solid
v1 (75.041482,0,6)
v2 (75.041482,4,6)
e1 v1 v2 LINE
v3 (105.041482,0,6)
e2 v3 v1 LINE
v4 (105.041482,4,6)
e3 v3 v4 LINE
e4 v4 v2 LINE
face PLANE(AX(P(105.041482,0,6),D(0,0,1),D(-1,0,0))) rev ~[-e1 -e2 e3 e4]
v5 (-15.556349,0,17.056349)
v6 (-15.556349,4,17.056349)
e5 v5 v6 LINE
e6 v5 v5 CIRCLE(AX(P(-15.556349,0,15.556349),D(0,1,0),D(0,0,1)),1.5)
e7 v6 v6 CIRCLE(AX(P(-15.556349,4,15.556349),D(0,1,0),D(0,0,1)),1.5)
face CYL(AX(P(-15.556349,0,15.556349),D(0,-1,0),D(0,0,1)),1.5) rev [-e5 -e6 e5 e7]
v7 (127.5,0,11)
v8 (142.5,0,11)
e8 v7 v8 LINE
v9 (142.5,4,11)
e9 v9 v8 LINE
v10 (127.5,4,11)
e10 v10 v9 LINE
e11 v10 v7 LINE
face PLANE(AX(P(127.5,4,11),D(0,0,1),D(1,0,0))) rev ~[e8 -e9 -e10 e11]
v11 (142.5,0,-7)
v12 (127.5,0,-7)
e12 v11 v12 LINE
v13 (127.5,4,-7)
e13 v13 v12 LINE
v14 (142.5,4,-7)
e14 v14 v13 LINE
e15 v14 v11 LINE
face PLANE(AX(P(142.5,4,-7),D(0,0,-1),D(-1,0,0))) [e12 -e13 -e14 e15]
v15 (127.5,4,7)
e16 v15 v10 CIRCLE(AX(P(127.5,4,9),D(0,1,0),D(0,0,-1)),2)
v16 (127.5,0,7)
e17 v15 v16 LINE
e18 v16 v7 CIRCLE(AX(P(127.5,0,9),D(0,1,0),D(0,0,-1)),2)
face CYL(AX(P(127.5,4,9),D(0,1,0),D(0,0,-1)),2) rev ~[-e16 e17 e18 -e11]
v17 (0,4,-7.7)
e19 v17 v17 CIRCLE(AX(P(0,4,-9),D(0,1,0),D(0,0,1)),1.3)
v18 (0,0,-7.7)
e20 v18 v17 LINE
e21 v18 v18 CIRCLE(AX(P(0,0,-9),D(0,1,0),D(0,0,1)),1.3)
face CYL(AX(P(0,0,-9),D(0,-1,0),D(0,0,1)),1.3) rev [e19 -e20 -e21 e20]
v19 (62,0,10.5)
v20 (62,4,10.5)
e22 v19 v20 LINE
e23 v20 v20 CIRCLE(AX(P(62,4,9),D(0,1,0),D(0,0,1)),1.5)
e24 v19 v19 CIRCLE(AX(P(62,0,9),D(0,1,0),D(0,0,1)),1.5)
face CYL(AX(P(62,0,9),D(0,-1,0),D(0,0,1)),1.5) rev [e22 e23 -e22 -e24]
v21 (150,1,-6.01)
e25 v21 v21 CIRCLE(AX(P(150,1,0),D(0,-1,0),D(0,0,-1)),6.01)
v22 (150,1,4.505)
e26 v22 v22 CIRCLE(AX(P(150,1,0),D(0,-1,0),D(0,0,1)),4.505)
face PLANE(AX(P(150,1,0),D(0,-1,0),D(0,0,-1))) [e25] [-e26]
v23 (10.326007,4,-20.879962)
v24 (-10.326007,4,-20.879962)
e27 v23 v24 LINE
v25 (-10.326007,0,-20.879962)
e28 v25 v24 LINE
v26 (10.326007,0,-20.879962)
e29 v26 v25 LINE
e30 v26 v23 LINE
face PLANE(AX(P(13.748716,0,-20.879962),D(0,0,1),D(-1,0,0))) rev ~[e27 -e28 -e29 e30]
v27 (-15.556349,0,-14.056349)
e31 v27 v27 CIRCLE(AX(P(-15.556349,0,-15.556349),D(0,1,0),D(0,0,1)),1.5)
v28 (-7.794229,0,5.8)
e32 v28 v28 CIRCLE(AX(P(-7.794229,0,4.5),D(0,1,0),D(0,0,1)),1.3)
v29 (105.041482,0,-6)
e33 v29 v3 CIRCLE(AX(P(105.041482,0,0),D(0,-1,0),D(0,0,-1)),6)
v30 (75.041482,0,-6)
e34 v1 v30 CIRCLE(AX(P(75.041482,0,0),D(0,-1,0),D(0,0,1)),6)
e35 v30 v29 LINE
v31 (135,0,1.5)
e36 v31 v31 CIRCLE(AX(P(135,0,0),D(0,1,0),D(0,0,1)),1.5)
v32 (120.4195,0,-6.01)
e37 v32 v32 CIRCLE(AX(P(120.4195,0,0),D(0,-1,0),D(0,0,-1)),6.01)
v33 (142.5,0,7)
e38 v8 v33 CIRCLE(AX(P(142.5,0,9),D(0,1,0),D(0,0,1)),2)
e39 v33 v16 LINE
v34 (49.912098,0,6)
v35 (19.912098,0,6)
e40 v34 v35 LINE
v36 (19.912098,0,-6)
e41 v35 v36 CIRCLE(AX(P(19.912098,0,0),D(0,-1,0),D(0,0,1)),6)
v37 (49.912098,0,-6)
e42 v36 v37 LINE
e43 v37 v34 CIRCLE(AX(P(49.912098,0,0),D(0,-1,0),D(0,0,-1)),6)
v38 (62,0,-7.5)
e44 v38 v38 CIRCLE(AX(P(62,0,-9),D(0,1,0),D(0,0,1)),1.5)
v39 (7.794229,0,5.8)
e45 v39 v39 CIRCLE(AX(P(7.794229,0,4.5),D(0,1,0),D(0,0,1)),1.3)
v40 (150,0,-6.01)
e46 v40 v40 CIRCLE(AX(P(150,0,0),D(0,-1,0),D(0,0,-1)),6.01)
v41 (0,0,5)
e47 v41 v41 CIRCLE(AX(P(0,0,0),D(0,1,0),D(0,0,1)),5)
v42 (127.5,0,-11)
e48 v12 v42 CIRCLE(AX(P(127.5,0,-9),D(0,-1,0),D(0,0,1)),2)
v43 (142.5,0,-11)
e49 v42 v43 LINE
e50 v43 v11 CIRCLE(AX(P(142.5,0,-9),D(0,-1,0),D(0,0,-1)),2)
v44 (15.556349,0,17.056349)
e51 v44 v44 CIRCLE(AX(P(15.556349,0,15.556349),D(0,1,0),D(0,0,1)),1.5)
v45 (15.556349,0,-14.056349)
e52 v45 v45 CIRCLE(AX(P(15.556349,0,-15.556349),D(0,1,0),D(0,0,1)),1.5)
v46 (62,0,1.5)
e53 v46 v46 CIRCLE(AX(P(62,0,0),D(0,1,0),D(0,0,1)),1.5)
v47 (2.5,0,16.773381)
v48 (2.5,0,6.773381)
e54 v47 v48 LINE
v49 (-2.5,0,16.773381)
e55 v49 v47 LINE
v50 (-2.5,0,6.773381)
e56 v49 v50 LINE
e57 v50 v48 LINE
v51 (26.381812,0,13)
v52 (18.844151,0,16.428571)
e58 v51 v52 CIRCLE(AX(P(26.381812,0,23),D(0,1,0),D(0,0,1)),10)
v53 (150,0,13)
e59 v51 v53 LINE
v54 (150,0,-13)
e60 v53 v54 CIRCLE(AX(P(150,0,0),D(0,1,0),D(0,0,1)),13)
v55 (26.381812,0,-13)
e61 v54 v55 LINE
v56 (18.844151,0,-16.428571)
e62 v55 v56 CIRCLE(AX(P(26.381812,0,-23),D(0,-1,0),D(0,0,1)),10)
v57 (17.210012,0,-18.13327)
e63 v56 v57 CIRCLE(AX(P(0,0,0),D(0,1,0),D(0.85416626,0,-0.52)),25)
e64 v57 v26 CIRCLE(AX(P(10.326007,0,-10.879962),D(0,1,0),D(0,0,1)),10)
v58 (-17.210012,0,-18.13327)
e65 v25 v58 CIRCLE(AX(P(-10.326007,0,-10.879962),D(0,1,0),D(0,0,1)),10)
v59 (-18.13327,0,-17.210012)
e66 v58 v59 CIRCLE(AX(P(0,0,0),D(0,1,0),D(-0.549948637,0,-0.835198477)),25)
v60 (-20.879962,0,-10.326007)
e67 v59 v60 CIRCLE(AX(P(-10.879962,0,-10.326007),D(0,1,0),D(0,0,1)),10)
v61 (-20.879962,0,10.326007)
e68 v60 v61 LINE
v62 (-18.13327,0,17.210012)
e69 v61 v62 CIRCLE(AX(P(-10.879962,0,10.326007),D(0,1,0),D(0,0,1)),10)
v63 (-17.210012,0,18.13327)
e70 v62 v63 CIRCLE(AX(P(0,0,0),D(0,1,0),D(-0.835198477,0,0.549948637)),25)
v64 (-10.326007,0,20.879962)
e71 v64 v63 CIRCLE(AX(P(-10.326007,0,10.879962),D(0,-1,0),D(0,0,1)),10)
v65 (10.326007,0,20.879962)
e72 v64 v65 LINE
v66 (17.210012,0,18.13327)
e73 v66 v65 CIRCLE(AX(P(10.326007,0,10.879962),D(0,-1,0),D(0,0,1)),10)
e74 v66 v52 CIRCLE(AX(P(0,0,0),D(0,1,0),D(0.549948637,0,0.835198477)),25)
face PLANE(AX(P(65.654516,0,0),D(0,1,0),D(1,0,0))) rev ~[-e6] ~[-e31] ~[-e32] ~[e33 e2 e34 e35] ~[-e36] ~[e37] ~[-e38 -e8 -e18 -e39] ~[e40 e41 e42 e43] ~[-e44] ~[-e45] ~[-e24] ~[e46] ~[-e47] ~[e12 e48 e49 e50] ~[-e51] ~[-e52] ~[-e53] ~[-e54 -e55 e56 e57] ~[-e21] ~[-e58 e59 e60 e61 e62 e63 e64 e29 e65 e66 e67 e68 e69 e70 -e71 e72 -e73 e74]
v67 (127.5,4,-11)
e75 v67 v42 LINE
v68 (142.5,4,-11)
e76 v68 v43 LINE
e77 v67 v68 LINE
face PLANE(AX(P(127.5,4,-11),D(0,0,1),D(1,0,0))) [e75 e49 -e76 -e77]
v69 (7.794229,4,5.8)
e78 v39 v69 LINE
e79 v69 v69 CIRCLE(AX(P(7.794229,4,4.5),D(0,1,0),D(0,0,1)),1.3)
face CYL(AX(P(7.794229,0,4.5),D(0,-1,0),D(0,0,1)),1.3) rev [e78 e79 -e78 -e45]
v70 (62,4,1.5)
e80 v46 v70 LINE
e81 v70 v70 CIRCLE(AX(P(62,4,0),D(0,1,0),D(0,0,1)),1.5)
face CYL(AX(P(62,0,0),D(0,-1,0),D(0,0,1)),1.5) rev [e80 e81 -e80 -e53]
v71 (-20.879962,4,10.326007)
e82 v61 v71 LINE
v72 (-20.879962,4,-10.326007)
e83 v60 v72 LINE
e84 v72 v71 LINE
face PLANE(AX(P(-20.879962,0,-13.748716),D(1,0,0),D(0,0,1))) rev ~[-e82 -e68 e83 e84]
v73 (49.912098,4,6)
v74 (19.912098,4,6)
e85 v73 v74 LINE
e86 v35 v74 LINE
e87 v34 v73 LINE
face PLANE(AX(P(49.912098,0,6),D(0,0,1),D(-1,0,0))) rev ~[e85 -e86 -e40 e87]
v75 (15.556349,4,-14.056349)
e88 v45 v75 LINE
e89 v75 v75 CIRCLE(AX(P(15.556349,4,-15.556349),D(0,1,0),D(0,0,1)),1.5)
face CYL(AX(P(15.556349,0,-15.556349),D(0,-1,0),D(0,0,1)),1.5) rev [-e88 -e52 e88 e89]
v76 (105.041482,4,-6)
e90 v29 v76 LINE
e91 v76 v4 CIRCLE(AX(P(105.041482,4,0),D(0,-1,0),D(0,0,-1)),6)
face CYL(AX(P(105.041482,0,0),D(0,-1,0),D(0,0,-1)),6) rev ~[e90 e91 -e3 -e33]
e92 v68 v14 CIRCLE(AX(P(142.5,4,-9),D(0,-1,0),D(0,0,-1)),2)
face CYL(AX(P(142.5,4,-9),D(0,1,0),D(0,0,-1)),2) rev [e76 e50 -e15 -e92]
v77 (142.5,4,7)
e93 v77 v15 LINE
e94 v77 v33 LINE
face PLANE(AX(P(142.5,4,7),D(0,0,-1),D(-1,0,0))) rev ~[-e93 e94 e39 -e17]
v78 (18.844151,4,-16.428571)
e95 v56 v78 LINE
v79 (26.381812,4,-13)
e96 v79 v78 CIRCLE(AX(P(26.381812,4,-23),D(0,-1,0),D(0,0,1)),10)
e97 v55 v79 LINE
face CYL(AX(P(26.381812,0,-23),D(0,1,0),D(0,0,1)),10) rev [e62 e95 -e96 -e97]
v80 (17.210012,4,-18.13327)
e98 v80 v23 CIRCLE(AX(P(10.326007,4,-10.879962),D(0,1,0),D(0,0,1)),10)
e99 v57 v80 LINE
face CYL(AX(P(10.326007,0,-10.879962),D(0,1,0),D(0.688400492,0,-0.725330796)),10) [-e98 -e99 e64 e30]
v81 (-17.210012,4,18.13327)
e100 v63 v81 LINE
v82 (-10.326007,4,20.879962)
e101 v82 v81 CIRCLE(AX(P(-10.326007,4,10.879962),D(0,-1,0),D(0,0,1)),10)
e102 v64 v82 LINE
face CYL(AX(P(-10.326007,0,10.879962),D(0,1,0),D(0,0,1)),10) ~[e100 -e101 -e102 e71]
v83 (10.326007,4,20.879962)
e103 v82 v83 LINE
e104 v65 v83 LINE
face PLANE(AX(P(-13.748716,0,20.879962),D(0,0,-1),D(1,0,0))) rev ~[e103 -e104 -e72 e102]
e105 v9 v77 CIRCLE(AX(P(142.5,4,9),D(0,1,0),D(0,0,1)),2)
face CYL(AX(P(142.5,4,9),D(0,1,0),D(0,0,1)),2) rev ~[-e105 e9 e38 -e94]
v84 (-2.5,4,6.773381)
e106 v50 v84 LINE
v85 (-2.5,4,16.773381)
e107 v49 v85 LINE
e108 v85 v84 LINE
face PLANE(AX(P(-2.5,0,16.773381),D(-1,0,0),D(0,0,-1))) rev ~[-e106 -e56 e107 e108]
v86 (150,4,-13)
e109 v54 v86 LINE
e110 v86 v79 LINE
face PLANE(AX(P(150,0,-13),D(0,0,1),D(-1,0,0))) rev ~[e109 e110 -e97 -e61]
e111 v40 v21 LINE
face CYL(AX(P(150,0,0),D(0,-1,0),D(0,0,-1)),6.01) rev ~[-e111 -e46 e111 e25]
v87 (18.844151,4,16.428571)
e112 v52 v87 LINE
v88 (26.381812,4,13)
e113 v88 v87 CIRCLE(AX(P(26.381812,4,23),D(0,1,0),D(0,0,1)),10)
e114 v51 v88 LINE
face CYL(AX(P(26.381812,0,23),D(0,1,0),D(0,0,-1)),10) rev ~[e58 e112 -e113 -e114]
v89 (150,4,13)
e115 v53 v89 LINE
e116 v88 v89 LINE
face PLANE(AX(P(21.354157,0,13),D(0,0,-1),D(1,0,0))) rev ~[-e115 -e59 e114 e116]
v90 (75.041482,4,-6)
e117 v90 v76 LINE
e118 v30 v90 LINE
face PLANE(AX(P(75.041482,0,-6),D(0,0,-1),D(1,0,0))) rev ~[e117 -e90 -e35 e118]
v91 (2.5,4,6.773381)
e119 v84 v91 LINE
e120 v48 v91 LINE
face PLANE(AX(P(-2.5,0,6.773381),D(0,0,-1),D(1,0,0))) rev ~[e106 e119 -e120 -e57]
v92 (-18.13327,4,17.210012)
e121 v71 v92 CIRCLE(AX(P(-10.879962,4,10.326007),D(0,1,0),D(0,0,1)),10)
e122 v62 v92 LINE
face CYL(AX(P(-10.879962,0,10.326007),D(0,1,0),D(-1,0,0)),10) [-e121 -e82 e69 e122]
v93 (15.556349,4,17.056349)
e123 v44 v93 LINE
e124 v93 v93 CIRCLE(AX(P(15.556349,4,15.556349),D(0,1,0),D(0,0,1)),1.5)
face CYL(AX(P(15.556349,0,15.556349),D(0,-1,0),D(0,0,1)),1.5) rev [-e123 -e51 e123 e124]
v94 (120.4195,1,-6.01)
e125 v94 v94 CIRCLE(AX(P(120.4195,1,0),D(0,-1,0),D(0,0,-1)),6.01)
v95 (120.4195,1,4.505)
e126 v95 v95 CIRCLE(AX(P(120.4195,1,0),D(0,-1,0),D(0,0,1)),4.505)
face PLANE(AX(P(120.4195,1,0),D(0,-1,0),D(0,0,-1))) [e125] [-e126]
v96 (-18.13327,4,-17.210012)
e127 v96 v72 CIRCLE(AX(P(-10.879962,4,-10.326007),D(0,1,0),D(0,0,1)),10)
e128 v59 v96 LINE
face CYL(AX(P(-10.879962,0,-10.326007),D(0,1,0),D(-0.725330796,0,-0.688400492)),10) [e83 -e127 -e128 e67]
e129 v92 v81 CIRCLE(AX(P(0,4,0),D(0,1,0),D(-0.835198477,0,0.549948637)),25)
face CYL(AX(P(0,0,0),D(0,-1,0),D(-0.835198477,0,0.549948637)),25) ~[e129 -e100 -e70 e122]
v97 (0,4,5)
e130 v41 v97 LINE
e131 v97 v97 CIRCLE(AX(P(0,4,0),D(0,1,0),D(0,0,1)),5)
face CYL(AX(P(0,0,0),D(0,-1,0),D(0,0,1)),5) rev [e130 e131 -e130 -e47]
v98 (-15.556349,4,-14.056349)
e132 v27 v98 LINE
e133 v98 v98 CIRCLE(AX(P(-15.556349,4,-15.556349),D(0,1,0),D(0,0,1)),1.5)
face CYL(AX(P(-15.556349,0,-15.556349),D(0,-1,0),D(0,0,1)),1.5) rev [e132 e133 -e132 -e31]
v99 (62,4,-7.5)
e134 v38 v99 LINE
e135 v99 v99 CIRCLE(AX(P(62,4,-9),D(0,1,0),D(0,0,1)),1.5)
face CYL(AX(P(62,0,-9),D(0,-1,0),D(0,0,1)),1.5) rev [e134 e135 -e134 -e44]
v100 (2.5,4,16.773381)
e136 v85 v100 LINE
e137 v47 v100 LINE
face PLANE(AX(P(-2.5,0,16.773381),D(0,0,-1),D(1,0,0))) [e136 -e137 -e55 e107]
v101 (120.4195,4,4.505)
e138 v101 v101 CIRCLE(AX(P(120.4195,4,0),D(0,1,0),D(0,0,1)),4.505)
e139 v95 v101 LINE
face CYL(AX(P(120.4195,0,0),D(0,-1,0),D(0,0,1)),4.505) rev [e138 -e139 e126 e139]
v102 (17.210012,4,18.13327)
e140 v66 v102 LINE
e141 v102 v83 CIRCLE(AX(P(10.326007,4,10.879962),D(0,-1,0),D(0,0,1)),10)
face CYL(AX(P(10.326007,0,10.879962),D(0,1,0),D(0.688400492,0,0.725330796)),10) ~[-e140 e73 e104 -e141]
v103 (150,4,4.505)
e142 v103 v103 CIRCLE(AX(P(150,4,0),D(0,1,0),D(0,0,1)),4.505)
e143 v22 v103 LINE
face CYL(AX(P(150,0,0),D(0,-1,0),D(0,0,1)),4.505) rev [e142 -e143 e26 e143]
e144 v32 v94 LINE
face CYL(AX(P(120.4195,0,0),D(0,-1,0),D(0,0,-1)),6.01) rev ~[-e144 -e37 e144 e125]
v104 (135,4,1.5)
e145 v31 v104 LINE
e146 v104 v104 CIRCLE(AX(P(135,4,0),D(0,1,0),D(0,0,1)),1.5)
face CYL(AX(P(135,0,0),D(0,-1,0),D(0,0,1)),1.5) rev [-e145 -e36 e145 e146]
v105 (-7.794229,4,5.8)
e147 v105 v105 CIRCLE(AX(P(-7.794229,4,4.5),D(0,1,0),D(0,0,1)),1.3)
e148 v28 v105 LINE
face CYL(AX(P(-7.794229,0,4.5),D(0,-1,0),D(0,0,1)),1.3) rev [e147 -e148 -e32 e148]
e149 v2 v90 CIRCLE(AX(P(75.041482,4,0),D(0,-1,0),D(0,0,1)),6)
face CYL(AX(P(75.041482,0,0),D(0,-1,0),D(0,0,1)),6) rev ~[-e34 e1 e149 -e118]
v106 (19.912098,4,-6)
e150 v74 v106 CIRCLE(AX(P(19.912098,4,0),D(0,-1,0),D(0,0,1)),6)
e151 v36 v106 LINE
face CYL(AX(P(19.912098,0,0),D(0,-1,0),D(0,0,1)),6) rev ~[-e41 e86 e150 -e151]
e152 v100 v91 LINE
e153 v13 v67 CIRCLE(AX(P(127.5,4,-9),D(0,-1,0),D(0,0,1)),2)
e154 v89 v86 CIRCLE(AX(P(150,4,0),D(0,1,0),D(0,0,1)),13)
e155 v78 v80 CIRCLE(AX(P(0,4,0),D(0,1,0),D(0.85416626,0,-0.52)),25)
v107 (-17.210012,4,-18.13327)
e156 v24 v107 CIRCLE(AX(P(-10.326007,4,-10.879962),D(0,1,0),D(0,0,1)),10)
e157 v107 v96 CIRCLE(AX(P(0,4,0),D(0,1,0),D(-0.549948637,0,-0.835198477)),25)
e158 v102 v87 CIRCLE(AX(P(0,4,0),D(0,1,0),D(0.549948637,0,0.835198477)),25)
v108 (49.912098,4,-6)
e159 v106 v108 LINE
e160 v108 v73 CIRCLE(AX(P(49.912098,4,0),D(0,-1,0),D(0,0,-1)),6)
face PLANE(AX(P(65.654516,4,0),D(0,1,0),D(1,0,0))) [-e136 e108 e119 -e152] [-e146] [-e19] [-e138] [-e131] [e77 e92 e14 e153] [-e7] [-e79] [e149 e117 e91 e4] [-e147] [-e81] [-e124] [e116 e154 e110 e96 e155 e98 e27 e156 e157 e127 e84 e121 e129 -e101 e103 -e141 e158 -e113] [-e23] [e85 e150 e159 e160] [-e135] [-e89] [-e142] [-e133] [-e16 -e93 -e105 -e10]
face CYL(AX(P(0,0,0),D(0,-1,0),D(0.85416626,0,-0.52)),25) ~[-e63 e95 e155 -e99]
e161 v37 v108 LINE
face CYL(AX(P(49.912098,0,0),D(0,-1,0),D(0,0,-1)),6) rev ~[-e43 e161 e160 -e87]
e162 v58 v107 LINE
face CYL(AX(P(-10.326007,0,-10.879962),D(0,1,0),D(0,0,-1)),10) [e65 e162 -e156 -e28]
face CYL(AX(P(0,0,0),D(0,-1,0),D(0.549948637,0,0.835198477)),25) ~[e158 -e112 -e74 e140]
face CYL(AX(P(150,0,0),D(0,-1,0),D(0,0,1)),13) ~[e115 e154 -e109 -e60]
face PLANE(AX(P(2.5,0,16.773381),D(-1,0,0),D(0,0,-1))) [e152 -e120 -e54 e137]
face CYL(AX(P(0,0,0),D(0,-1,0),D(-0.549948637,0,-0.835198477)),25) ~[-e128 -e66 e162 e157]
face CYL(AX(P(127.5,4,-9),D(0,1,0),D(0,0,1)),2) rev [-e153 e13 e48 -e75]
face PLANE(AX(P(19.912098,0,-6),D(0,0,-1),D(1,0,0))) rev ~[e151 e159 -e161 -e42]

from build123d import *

# Parameters (mm, degrees)
SKETCH_1_R          = 5
SKETCH_1_R_2        = 4.505
SKETCH_1_R_3        = 1.3
SKETCH_1_R_4        = 1.5
SKETCH_1_W          = 5
SKETCH_1_H          = 10
EXTRUDE_1_DEPTH     = 4
SKETCH_2_R          = 6.01
CUT_EXTRUDE_1_DEPTH = 1
CUT_EXTRUDE_4_DEPTH = 4
FILLET_1_R          = 10


with BuildPart() as part:
    # 草图1 → 凸台-拉伸1 (new body)
    with BuildSketch(Plane(origin=(0, 0, 0), x_dir=(1, 0, 0), z_dir=(0, 1, 0))):
        with BuildLine():
            Line((150, 13), (21.354156504, 13))
            ThreePointArc((21.354156504, 13), (17.988228463, 17.361556288), (13.748715927, 20.879961934))
            Line((13.748715927, 20.879961934), (-13.748715927, 20.879961934))
            ThreePointArc((-13.748715927, 20.879961934), (-17.67766953, 17.67766953), (-20.879961934, 13.748715927))
            Line((-20.879961934, 13.748715927), (-20.879961934, -13.748715927))
            ThreePointArc((-20.879961934, -13.748715927), (-17.67766953, -17.67766953), (-13.748715927, -20.879961934))
            Line((-13.748715927, -20.879961934), (13.748715927, -20.879961934))
            ThreePointArc((13.748715927, -20.879961934), (17.988228463, -17.361556288), (21.354156504, -13))
            Line((21.354156504, -13), (150, -13))
            ThreePointArc((150, -13), (163, 0), (150, 13))
        make_face()
        with Locations(Location((0, 0, 0), (0, 0, 270))):
            Circle(SKETCH_1_R, mode=Mode.SUBTRACT)
        with Locations(Location((150, 0, 0), (0, 0, 270))):
            Circle(SKETCH_1_R_2, mode=Mode.SUBTRACT)
        with Locations(Location((120.4195, 0, 0), (0, 0, 270))):
            Circle(SKETCH_1_R_2, mode=Mode.SUBTRACT)
        with Locations(Location((0, 9, 0), (0, 0, 270))):
            Circle(SKETCH_1_R_3, mode=Mode.SUBTRACT)
        with Locations(Location((7.794228634, -4.5, 0), (0, 0, 270))):
            Circle(SKETCH_1_R_3, mode=Mode.SUBTRACT)
        with Locations(Location((-7.794228634, -4.5, 0), (0, 0, 270))):
            Circle(SKETCH_1_R_3, mode=Mode.SUBTRACT)
        with Locations(Location((135, 0, 0), (0, 0, 270))):
            Circle(SKETCH_1_R_4, mode=Mode.SUBTRACT)
        with Locations(Location((62, 0, 0), (0, 0, 270))):
            Circle(SKETCH_1_R_4, mode=Mode.SUBTRACT)
        with Locations(Location((62, 9, 0), (0, 0, 270))):
            Circle(SKETCH_1_R_4, mode=Mode.SUBTRACT)
        with Locations(Location((62, -9, 0), (0, 0, 270))):
            Circle(SKETCH_1_R_4, mode=Mode.SUBTRACT)
        with Locations(Location((-15.556349186, 15.556349186, 0), (0, 0, 270))):
            Circle(SKETCH_1_R_4, mode=Mode.SUBTRACT)
        with Locations(Location((15.556349186, 15.556349186, 0), (0, 0, 270))):
            Circle(SKETCH_1_R_4, mode=Mode.SUBTRACT)
        with Locations(Location((15.556349186, -15.556349186, 0), (0, 0, 270))):
            Circle(SKETCH_1_R_4, mode=Mode.SUBTRACT)
        with Locations(Location((-15.556349186, -15.556349186, 0), (0, 0, 270))):
            Circle(SKETCH_1_R_4, mode=Mode.SUBTRACT)
        with Locations((0, -11.773380776)):
            Rectangle(SKETCH_1_W, SKETCH_1_H, mode=Mode.SUBTRACT)
        with BuildLine():
            Line((49.912097798, -6), (19.912097798, -6))
            ThreePointArc((19.912097798, -6), (13.912097798, 0), (19.912097798, 6))
            Line((19.912097798, 6), (49.912097798, 6))
            ThreePointArc((49.912097798, 6), (55.912097798, 0), (49.912097798, -6))
        make_face(mode=Mode.SUBTRACT)
        with BuildLine():
            Line((105.041482469, -6), (75.041482469, -6))
            ThreePointArc((75.041482469, -6), (69.041482469, 0), (75.041482469, 6))
            Line((75.041482469, 6), (105.041482469, 6))
            ThreePointArc((105.041482469, 6), (111.041482469, 0), (105.041482469, -6))
        make_face(mode=Mode.SUBTRACT)
    extrude(amount=EXTRUDE_1_DEPTH)

    # 草图2 → 切除-拉伸1 (cut)
    with BuildSketch(Plane.XZ):
        with Locations(Location((150, 0, 0), (0, 0, 270))):
            Circle(SKETCH_2_R)
        with Locations(Location((120.4195, 0, 0), (0, 0, 270))):
            Circle(SKETCH_2_R)
    extrude(amount=-CUT_EXTRUDE_1_DEPTH, mode=Mode.SUBTRACT)

    # 草图4 → 切除-拉伸4 (cut)
    with BuildSketch(Plane(origin=(0, 4, 0), x_dir=(1, 0, 0), z_dir=(0, 1, 0))):
        with BuildLine():
            Line((127.5, 11), (142.5, 11))
            ThreePointArc((142.5, 11), (144.5, 9), (142.5, 7))
            Line((142.5, 7), (127.5, 7))
            ThreePointArc((127.5, 7), (125.5, 9), (127.5, 11))
        make_face()
        with BuildLine():
            Line((127.5, -11), (142.5, -11))
            ThreePointArc((142.5, -11), (144.5, -9), (142.5, -7))
            Line((142.5, -7), (127.5, -7))
            ThreePointArc((127.5, -7), (125.5, -9), (127.5, -11))
        make_face()
    extrude(amount=-CUT_EXTRUDE_4_DEPTH, mode=Mode.SUBTRACT)

    # 圆角1
    fillet_1_edges = [part.edges().sort_by_distance(p)[0] for p in [
        (21.354156504, 2, 13),
        (13.748715927, 2, 20.879961934),
        (-13.748715927, 2, 20.879961934),
        (-20.879961934, 2, 13.748715927),
        (-20.879961934, 2, -13.748715927),
        (-13.748715927, 2, -20.879961934),
        (13.748715927, 2, -20.879961934),
        (21.354156504, 2, -13),
    ]]
    fillet(fillet_1_edges, radius=FILLET_1_R)


solid = part.part
